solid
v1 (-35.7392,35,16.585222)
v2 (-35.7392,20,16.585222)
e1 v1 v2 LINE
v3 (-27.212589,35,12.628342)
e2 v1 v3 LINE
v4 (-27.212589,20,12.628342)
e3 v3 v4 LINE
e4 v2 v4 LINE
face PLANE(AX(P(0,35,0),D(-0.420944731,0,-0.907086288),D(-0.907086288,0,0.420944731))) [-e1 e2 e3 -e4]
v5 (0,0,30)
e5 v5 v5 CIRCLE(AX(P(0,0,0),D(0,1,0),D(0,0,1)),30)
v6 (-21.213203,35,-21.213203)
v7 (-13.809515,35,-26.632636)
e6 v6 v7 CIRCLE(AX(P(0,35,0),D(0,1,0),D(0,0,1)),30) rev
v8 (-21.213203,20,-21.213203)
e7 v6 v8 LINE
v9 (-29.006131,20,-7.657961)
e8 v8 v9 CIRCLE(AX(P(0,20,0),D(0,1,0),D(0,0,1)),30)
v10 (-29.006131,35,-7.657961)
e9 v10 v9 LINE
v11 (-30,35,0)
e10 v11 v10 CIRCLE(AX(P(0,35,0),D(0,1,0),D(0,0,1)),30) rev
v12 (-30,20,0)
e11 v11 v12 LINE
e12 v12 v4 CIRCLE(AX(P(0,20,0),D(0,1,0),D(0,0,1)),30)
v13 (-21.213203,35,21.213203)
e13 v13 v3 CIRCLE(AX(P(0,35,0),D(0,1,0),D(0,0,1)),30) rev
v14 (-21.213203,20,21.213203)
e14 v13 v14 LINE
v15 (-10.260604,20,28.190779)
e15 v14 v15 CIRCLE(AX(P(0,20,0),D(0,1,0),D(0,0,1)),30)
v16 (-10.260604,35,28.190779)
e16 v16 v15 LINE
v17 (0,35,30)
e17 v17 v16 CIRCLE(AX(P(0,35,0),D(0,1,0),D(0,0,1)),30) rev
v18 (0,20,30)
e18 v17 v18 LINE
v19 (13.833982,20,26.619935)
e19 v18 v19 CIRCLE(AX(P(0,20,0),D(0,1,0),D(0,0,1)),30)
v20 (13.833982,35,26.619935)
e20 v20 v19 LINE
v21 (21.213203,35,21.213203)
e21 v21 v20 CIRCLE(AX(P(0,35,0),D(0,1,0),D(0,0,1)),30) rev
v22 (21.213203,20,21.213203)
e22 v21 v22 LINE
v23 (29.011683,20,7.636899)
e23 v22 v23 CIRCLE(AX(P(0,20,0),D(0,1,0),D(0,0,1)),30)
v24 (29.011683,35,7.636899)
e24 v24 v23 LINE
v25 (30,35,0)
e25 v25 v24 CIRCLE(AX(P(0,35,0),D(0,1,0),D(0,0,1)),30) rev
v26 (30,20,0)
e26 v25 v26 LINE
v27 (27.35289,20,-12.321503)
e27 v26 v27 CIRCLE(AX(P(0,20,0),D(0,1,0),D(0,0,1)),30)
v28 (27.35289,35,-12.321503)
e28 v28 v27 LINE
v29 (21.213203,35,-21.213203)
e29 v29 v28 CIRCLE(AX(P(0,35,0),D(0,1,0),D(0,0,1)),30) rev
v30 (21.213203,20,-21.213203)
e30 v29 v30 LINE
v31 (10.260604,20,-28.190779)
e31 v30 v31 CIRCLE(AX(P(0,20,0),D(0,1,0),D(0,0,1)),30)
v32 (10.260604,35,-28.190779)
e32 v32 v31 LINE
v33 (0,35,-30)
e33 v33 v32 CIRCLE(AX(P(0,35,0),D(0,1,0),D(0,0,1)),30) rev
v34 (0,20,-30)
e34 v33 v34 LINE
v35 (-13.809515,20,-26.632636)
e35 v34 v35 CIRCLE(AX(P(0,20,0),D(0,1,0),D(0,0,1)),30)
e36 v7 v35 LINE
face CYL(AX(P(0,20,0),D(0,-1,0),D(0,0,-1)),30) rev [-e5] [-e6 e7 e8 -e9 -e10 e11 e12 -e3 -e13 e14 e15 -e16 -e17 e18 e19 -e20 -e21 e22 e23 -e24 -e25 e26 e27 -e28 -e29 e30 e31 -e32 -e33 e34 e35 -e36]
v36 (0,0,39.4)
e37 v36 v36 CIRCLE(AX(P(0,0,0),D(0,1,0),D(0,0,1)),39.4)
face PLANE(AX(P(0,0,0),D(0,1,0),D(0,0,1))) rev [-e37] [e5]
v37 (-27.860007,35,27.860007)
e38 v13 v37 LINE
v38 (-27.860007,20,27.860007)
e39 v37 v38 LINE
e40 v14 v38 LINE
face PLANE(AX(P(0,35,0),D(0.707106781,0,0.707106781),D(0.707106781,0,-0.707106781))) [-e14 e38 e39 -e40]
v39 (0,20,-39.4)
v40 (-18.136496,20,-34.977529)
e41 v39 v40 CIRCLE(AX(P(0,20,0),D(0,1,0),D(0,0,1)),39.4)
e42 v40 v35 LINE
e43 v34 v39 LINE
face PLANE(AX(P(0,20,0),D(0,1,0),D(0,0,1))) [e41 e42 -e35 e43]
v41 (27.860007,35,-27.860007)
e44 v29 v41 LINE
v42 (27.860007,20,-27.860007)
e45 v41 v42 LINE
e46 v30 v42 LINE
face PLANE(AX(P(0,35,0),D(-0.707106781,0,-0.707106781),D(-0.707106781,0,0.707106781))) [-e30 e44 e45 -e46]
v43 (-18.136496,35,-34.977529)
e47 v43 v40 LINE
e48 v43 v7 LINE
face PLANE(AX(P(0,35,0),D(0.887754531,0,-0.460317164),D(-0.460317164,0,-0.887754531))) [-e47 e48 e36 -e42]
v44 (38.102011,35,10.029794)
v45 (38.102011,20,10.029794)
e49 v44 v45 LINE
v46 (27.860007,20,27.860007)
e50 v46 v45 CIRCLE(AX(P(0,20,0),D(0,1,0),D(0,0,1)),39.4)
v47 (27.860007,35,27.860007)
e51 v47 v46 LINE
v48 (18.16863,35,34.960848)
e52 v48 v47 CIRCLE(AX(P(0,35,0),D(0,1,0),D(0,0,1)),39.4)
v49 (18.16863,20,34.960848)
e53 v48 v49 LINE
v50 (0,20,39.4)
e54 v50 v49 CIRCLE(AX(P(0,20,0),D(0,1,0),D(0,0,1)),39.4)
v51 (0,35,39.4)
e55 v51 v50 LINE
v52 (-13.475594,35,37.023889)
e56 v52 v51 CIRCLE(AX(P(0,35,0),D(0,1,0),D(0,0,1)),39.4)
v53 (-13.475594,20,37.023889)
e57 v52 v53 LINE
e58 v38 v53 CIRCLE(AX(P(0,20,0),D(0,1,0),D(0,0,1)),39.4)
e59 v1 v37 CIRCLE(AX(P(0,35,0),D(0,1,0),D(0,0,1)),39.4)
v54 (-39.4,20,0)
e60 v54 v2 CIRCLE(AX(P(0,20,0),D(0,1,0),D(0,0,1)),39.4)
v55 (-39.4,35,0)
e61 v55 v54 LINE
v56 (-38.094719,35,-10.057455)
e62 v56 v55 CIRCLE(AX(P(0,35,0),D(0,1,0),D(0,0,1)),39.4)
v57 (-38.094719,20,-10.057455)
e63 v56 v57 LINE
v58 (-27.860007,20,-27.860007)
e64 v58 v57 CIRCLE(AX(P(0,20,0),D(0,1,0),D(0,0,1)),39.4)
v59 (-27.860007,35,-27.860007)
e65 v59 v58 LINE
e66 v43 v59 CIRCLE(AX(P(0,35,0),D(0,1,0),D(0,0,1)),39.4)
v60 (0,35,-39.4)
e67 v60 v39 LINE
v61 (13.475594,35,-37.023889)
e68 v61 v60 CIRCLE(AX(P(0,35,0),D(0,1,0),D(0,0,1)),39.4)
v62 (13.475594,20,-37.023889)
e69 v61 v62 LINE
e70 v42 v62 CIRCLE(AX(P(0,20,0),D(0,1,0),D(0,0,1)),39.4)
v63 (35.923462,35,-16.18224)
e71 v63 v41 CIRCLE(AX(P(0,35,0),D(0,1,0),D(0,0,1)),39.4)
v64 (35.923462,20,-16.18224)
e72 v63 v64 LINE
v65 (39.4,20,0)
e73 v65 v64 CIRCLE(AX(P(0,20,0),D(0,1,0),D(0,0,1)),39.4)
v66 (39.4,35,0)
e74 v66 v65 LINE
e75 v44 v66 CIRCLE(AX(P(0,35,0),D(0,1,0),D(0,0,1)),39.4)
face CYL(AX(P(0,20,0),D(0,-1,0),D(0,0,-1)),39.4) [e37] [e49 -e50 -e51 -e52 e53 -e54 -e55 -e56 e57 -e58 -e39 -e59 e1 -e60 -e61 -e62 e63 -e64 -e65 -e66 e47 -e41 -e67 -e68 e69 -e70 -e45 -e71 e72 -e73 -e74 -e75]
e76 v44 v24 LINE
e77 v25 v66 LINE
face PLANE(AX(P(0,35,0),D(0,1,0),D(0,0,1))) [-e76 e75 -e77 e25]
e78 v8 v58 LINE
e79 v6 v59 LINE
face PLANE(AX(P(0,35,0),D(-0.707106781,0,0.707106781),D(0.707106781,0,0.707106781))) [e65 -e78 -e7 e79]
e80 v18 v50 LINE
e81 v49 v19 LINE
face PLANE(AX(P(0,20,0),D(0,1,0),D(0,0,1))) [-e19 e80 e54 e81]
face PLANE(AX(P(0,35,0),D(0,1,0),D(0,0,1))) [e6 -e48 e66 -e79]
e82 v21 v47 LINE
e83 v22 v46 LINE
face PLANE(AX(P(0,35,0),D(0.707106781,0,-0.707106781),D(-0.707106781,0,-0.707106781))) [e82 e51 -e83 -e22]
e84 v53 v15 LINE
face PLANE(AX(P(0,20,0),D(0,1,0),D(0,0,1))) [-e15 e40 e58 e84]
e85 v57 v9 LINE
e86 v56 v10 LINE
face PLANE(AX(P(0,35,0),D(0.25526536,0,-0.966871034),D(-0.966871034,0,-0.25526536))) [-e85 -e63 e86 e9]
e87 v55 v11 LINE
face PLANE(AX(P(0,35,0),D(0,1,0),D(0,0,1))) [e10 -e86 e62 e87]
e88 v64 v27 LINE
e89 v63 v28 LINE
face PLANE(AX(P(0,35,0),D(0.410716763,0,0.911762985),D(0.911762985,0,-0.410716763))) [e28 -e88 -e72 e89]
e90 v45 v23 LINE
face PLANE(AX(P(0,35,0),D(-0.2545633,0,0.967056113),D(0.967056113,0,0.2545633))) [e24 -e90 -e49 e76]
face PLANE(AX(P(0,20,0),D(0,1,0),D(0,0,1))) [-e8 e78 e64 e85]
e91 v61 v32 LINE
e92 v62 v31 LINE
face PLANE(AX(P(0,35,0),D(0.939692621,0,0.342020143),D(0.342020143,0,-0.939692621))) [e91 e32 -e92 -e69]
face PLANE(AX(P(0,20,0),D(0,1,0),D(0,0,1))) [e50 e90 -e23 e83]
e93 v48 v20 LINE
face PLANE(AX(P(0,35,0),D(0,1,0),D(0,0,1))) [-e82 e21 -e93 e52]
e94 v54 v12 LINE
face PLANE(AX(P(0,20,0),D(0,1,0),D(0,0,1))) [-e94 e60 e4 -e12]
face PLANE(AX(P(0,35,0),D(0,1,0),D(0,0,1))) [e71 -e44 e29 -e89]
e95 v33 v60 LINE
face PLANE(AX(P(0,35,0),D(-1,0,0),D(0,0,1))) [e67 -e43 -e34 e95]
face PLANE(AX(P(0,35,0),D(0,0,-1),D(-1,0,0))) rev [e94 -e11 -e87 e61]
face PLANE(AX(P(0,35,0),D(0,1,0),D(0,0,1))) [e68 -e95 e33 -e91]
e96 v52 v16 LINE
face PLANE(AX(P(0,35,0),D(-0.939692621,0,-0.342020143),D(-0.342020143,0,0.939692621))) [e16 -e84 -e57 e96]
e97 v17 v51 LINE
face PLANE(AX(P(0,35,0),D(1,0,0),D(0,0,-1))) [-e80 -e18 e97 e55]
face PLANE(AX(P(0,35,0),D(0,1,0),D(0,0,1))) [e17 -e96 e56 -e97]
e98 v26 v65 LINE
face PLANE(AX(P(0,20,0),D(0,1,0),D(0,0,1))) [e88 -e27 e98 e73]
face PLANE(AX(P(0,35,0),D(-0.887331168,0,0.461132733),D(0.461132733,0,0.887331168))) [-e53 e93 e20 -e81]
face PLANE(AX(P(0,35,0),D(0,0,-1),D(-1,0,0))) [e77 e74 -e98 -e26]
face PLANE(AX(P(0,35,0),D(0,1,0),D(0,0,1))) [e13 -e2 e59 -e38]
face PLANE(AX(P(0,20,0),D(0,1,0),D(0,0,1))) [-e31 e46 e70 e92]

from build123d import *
from build123d.topology import SkipClean

# Parameters (mm, degrees)
SKETCH1_R           = 39.4
SKETCH1_R_2         = 30
BOSS_EXTRUDE1_DEPTH = 20
BOSS_EXTRUDE2_DEPTH = 15


with BuildPart() as part:
    # Sketch1 → Boss-Extrude1 (new body)
    with BuildSketch(Plane(origin=(0, 0, 0), x_dir=(1, 0, 0), z_dir=(0, 1, 0))):
        with Locations(Location((0, 0, 0), (0, 0, 270))):
            Circle(SKETCH1_R)
        with Locations(Location((0, 0, 0), (0, 0, 270))):
            Circle(SKETCH1_R_2, mode=Mode.SUBTRACT)
    extrude(amount=BOSS_EXTRUDE1_DEPTH)

    # Sketch2 → Boss-Extrude2 (add)
    with SkipClean():  # the faces are left unmerged after this step: merging them gives an invalid solid
        with BuildSketch(Plane(origin=(0, 20, 0), x_dir=(1, 0, 0), z_dir=(0, 1, 0))):
            with BuildLine():
                Line((-29.006131017, 7.657960788), (-38.094718735, 10.057455169))
                ThreePointArc((-38.094718735, 10.057455169), (-39.072317043, 5.070901391), (-39.4, 0))
                Line((-39.4, 0), (-30, 0))
                ThreePointArc((-30, 0), (-29.75049521, 3.861092429), (-29.006131017, 7.657960788))
            make_face()
            with BuildLine():
                Line((-27.21258864, -12.628341916), (-35.739199747, -16.585222382))
                ThreePointArc((-35.739199747, -16.585222382), (-32.295432702, -22.569116655), (-27.860007179, -27.860007179))
                Line((-27.860007179, -27.860007179), (-21.213203436, -21.213203436))
                ThreePointArc((-21.213203436, -21.213203436), (-24.590430992, -17.18460659), (-27.21258864, -12.628341916))
            make_face()
            with BuildLine():
                Line((-10.2606043, -28.190778624), (-13.475593647, -37.023889259))
                ThreePointArc((-13.475593647, -37.023889259), (-6.8417382, -38.801425469), (0, -39.4))
                Line((0, -39.4), (0, -30))
                ThreePointArc((0, -30), (-5.20944533, -29.54423259), (-10.2606043, -28.190778624))
            make_face()
            with BuildLine():
                Line((13.833981995, -26.619935052), (18.168629687, -34.960848034))
                ThreePointArc((18.168629687, -34.960848034), (23.286569909, -31.782002169), (27.860007179, -27.860007179))
                Line((27.860007179, -27.860007179), (21.213203436, -21.213203436))
                ThreePointArc((21.213203436, -21.213203436), (17.730890794, -24.199494037), (13.833981995, -26.619935052))
            make_face()
            with BuildLine():
                Line((39.4, 0), (30, 0))
                ThreePointArc((30, 0), (29.751894914, -3.850292074), (29.011683396, -7.636899012))
                Line((29.011683396, -7.636899012), (38.10201086, -10.029794035))
                ThreePointArc((38.10201086, -10.029794035), (39.07415532, -5.056716924), (39.4, 0))
            make_face()
            with BuildLine():
                Line((27.860007179, 27.860007179), (21.213203436, 21.213203436))
                ThreePointArc((21.213203436, 21.213203436), (24.686675185, 17.046057265), (27.352889551, 12.321502878))
                Line((27.352889551, 12.321502878), (35.923461611, 16.182240447))
                ThreePointArc((35.923461611, 16.182240447), (32.42183341, 22.387155208), (27.860007179, 27.860007179))
            make_face()
            with BuildLine():
                ThreePointArc((13.475593647, 37.023889259), (6.8417382, 38.801425469), (0, 39.4))
                Line((0, 39.4), (0, 30))
                ThreePointArc((0, 30), (5.20944533, 29.54423259), (10.2606043, 28.190778624))
                Line((10.2606043, 28.190778624), (13.475593647, 37.023889259))
            make_face()
            with BuildLine():
                ThreePointArc((-18.13649628, 34.977528539), (-23.271965112, 31.792697901), (-27.860007179, 27.860007179))
                Line((-27.860007179, 27.860007179), (-21.213203436, 21.213203436))
                ThreePointArc((-21.213203436, 21.213203436), (-17.71977039, 24.207637996), (-13.809514934, 26.632635943))
                Line((-13.809514934, 26.632635943), (-18.13649628, 34.977528539))
            make_face()
        extrude(amount=BOSS_EXTRUDE2_DEPTH)


solid = part.part
